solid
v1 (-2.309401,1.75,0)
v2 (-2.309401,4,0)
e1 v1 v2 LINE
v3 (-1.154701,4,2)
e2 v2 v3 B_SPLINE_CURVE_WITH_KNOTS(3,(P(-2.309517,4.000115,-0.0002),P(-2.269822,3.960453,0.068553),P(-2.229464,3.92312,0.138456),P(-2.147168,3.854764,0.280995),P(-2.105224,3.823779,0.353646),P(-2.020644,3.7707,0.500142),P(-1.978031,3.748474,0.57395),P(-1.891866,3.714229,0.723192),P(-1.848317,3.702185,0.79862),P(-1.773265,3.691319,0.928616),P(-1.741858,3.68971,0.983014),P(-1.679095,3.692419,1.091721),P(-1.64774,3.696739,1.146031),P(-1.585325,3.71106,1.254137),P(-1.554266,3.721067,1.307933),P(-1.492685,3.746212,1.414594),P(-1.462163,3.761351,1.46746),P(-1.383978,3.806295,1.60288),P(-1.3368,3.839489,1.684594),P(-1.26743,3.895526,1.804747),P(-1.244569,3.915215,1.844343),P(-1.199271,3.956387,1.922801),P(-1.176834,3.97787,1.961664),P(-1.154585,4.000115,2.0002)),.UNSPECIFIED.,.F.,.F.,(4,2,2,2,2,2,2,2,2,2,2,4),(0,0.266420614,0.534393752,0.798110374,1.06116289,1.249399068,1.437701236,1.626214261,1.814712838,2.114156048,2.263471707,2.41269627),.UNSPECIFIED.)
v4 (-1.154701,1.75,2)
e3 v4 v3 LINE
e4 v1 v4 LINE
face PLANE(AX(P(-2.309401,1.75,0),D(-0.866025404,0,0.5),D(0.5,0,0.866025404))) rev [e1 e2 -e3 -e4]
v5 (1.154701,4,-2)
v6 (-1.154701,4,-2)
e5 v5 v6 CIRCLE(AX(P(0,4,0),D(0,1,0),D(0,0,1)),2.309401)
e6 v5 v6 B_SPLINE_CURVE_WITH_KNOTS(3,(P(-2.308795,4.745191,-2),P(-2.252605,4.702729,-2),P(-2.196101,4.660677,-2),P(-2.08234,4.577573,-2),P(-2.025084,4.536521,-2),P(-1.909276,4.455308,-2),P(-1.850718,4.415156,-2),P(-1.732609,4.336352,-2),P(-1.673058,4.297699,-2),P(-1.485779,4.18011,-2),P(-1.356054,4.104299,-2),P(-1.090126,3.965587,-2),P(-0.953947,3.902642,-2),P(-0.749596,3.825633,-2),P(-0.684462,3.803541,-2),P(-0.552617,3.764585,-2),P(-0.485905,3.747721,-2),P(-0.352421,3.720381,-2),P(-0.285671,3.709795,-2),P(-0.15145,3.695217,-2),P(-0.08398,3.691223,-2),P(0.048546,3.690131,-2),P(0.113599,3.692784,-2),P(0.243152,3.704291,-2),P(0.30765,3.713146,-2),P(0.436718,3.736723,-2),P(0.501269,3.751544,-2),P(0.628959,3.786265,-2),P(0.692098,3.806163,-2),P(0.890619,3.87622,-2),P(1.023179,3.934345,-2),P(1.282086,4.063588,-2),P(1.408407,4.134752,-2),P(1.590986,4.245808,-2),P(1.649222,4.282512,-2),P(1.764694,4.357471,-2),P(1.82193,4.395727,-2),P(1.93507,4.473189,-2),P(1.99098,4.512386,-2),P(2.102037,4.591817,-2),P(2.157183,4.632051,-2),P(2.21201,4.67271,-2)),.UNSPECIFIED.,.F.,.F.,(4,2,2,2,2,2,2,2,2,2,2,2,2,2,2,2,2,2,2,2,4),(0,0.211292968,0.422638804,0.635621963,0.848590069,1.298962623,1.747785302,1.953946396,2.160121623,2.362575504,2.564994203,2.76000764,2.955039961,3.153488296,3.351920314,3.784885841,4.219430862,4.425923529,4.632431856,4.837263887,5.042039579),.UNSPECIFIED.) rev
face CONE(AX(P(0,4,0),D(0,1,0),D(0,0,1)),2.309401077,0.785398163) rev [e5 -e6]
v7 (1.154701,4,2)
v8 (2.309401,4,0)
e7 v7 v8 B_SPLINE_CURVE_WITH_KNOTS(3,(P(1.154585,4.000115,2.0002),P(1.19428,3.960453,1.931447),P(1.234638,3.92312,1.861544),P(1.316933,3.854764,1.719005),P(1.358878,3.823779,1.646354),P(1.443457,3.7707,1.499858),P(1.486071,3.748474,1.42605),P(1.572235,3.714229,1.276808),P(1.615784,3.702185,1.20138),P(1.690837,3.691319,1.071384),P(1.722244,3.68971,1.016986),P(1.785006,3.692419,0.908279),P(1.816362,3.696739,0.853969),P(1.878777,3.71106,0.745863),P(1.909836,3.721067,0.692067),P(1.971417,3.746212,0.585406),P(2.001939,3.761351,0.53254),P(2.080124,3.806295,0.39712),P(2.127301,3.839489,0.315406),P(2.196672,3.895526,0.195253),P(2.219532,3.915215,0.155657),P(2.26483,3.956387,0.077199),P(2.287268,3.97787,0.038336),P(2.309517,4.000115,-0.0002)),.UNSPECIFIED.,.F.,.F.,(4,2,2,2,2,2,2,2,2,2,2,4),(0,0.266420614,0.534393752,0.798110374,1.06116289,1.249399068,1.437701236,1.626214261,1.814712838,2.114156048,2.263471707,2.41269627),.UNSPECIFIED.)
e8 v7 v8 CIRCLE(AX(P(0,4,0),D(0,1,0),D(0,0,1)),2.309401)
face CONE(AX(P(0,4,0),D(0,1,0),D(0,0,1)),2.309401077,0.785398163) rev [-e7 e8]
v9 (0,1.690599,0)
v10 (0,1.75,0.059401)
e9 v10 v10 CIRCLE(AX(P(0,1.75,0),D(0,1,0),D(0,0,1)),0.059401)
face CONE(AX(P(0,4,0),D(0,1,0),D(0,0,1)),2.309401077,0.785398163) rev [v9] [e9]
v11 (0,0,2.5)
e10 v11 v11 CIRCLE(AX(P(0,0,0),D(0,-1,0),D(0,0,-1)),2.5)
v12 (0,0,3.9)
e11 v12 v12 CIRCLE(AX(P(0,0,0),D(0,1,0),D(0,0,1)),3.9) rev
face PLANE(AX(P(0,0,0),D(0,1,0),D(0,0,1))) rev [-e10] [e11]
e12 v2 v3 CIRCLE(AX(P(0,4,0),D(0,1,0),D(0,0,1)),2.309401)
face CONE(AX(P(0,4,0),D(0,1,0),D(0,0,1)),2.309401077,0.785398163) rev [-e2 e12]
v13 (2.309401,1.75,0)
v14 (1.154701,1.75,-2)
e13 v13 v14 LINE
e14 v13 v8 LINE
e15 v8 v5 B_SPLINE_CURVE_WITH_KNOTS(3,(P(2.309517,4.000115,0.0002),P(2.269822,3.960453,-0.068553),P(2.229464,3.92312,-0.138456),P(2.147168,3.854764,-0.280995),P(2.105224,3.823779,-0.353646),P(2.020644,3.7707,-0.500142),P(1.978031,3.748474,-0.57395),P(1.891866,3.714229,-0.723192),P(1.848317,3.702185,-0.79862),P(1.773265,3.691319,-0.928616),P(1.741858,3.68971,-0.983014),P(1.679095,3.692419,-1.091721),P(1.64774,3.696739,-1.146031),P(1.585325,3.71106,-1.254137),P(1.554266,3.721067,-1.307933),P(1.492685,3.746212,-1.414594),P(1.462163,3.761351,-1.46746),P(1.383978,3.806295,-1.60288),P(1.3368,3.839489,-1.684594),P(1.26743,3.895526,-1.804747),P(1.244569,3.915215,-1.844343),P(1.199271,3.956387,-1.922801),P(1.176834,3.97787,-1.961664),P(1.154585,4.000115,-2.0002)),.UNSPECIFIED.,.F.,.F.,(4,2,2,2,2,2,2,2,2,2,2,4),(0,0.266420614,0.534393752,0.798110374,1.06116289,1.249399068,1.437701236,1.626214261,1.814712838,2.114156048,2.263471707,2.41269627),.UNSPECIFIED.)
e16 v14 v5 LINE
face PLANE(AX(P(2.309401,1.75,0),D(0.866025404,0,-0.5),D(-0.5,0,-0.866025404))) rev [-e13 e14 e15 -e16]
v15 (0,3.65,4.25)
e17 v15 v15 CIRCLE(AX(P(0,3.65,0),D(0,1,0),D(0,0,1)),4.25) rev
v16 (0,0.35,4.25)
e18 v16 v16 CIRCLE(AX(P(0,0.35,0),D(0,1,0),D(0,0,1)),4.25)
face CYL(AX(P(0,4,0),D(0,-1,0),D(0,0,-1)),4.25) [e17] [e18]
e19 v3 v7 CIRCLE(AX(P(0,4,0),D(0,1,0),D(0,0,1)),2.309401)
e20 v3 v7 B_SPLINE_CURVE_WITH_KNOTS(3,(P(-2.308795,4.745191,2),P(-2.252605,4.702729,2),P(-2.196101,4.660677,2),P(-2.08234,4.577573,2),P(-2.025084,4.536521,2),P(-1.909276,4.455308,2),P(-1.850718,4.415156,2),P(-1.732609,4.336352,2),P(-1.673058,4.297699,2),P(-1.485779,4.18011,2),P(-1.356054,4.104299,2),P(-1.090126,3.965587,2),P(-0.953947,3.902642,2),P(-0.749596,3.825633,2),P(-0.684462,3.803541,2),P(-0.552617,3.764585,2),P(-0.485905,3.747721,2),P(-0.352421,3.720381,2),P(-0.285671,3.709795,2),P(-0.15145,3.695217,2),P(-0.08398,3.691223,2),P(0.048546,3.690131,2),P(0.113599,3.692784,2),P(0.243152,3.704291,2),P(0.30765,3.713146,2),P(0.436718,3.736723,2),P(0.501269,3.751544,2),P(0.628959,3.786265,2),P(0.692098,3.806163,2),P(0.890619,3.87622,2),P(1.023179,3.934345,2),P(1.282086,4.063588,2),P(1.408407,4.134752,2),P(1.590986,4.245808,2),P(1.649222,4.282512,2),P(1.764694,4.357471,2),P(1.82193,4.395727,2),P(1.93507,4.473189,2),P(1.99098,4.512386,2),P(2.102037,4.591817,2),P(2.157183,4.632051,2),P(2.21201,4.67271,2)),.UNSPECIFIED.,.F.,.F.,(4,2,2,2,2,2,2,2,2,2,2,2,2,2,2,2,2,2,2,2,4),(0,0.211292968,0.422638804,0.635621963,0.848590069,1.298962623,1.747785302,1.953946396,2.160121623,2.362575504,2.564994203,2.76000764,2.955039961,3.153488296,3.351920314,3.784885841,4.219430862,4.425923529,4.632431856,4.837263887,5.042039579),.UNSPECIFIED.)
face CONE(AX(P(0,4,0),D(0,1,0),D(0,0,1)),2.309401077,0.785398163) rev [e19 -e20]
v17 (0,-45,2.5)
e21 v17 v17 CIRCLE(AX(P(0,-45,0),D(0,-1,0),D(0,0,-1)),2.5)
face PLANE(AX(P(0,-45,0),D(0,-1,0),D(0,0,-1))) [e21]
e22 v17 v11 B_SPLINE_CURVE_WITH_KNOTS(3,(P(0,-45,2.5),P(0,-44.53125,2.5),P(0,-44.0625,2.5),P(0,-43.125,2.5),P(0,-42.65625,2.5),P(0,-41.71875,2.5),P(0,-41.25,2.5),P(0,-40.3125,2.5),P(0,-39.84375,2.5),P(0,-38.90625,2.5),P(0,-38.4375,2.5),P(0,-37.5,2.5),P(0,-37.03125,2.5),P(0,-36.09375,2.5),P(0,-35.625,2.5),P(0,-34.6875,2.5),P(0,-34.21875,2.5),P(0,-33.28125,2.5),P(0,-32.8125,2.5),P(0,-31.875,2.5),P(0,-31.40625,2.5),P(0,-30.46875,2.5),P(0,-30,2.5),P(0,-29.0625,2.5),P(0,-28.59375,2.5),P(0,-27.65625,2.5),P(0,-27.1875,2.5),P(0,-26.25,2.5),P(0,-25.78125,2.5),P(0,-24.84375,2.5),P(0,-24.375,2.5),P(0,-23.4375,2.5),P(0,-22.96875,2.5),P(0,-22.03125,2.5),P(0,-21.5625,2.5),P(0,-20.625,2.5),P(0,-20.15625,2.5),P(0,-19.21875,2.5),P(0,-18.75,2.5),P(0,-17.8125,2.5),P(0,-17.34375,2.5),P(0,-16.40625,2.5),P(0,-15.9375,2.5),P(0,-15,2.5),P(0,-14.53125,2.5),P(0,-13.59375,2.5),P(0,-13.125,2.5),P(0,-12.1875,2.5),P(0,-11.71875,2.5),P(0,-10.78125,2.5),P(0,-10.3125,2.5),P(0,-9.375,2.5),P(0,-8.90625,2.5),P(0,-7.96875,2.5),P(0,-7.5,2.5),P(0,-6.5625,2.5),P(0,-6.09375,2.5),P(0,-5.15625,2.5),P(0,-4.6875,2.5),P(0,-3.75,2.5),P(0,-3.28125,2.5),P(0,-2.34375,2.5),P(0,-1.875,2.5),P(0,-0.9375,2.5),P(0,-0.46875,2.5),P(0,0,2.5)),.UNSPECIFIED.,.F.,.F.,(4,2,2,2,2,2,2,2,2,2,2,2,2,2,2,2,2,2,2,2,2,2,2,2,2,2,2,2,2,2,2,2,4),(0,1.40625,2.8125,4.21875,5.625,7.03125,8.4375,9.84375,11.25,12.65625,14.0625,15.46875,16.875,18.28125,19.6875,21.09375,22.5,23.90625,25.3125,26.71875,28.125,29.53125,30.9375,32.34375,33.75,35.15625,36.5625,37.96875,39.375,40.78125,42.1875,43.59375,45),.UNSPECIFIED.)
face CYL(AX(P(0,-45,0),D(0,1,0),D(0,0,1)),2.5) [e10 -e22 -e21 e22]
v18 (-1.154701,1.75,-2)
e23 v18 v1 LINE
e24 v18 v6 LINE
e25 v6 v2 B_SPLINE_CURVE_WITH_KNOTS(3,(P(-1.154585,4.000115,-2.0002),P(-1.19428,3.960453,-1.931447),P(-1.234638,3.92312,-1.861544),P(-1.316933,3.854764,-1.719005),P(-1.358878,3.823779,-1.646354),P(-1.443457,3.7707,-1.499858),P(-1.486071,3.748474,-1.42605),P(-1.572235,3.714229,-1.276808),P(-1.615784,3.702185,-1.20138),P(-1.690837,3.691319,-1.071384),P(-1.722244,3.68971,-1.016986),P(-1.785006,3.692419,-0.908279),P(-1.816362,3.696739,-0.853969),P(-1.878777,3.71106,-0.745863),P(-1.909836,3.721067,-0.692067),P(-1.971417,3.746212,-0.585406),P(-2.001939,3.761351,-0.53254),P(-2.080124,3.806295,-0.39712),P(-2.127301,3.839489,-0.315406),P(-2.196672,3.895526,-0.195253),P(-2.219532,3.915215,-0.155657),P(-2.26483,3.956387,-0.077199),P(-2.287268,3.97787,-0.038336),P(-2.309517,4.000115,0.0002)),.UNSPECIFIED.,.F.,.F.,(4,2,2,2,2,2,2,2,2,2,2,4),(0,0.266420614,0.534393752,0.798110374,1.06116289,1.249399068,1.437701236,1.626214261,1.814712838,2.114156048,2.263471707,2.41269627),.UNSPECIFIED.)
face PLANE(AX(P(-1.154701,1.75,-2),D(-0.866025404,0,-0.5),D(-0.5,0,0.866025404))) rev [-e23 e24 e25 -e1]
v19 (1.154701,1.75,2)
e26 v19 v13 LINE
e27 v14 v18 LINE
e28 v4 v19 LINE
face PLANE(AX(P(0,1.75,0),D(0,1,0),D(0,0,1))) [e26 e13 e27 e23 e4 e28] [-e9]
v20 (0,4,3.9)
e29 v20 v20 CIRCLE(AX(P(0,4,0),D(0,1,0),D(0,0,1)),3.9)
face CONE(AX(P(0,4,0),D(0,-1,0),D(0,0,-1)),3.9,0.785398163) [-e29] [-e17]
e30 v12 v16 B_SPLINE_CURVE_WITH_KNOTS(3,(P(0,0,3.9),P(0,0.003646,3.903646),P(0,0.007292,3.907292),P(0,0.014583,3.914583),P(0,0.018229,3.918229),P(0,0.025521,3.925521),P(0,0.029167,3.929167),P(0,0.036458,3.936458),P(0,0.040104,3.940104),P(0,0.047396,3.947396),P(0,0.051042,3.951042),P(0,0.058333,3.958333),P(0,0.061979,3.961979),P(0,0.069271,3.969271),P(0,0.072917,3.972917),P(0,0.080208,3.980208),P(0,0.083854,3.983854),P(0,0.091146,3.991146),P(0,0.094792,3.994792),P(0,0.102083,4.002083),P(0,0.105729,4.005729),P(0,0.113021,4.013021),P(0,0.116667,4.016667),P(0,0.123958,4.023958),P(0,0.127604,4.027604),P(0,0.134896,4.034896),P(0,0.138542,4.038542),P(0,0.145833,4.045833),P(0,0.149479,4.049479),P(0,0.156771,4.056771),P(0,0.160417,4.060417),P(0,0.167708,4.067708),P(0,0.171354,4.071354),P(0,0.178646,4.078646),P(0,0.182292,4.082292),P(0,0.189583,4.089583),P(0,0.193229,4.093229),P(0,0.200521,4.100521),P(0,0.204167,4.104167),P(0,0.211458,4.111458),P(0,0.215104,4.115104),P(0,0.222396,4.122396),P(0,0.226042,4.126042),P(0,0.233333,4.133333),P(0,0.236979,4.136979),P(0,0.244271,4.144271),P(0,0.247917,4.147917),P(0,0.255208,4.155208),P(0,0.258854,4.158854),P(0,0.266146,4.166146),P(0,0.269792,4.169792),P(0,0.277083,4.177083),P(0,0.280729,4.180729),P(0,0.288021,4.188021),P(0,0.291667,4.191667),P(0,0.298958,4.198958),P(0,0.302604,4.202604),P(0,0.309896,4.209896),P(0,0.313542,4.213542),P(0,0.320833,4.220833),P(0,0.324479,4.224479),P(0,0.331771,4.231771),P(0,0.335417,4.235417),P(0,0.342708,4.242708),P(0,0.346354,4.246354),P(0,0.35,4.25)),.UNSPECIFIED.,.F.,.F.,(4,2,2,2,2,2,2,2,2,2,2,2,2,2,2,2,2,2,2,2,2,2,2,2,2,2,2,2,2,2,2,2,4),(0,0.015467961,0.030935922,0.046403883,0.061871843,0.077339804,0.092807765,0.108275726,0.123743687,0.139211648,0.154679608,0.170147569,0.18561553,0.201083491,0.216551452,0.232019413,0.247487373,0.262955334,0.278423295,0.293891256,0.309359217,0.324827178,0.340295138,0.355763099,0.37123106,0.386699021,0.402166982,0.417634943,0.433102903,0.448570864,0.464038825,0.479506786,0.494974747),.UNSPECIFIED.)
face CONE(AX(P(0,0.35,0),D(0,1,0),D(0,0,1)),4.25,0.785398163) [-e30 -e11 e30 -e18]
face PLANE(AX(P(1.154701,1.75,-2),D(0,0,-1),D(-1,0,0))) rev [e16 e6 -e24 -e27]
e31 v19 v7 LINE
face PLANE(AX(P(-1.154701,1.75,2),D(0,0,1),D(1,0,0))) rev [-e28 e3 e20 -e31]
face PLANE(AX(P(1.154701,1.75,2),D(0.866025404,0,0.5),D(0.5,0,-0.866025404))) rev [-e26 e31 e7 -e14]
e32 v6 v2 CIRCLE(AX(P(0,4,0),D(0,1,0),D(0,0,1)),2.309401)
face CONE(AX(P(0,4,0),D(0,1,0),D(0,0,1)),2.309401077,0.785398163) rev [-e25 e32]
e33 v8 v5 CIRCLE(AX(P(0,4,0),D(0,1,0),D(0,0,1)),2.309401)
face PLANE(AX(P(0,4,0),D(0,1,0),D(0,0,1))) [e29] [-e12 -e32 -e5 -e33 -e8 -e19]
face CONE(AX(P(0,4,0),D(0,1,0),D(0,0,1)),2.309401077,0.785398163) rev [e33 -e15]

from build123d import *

# Parameters (mm, degrees)
SKETCH1_R           = 4.25
BOSS_EXTRUDE1_DEPTH = 4
CUT_EXTRUDE1_DEPTH  = 2.25
CHAMFER1_SIZE       = 0.35
SKETCH_1_R          = 2.5
EXTRUDE_1_DEPTH     = 45


with BuildPart() as part:
    # Sketch1 → Boss-Extrude1 (new body)
    with BuildSketch(Plane(origin=(0, 0, 0), x_dir=(1, 0, 0), z_dir=(0, 1, 0))):
        with Locations(Location((0, 0, 0), (0, 0, 270))):
            Circle(SKETCH1_R)
    extrude(amount=BOSS_EXTRUDE1_DEPTH)

    # Sketch2 → Cut-Extrude1 (cut)
    with BuildSketch(Plane(origin=(0, 4, 0), x_dir=(1, 0, 0), z_dir=(0, 1, 0))):
        Polygon((1.154700538, 2), (-1.154700538, 2), (-2.309401077, 0), (-1.154700538, -2), (1.154700538, -2), (2.309401077, 0), align=None)
    extrude(amount=-CUT_EXTRUDE1_DEPTH, mode=Mode.SUBTRACT)

    # Cut-Extrude2 cone 1 section (through the dimple's axis) → Cut-Extrude2 (revolve, cut)
    with BuildSketch(Plane(origin=(0, 4, 0), x_dir=(0, 0, 1), z_dir=(1, 0, 0))):
        Polygon((0, 0), (2.309401077, 0), (0, 2.309401077), align=None)
    revolve(axis=Axis((0, 4, 0), (0, -1, 0)), mode=Mode.SUBTRACT)

    # Chamfer1
    chamfer1_edges = [part.edges().sort_by_distance(p)[0] for p in [
        (0, 0, -4.25),
        (0, 4, -4.25),
    ]]
    chamfer(chamfer1_edges, length=CHAMFER1_SIZE)

    # 草图1 → 凸台-拉伸1 (add)
    with BuildSketch(Plane(origin=(0, 0, 0), x_dir=(-1, 0, 0), z_dir=(0, -1, 0))):
        with Locations(Location((0, 0, 0), (0, 0, 270))):
            Circle(SKETCH_1_R)
    extrude(amount=EXTRUDE_1_DEPTH)


solid = part.part
